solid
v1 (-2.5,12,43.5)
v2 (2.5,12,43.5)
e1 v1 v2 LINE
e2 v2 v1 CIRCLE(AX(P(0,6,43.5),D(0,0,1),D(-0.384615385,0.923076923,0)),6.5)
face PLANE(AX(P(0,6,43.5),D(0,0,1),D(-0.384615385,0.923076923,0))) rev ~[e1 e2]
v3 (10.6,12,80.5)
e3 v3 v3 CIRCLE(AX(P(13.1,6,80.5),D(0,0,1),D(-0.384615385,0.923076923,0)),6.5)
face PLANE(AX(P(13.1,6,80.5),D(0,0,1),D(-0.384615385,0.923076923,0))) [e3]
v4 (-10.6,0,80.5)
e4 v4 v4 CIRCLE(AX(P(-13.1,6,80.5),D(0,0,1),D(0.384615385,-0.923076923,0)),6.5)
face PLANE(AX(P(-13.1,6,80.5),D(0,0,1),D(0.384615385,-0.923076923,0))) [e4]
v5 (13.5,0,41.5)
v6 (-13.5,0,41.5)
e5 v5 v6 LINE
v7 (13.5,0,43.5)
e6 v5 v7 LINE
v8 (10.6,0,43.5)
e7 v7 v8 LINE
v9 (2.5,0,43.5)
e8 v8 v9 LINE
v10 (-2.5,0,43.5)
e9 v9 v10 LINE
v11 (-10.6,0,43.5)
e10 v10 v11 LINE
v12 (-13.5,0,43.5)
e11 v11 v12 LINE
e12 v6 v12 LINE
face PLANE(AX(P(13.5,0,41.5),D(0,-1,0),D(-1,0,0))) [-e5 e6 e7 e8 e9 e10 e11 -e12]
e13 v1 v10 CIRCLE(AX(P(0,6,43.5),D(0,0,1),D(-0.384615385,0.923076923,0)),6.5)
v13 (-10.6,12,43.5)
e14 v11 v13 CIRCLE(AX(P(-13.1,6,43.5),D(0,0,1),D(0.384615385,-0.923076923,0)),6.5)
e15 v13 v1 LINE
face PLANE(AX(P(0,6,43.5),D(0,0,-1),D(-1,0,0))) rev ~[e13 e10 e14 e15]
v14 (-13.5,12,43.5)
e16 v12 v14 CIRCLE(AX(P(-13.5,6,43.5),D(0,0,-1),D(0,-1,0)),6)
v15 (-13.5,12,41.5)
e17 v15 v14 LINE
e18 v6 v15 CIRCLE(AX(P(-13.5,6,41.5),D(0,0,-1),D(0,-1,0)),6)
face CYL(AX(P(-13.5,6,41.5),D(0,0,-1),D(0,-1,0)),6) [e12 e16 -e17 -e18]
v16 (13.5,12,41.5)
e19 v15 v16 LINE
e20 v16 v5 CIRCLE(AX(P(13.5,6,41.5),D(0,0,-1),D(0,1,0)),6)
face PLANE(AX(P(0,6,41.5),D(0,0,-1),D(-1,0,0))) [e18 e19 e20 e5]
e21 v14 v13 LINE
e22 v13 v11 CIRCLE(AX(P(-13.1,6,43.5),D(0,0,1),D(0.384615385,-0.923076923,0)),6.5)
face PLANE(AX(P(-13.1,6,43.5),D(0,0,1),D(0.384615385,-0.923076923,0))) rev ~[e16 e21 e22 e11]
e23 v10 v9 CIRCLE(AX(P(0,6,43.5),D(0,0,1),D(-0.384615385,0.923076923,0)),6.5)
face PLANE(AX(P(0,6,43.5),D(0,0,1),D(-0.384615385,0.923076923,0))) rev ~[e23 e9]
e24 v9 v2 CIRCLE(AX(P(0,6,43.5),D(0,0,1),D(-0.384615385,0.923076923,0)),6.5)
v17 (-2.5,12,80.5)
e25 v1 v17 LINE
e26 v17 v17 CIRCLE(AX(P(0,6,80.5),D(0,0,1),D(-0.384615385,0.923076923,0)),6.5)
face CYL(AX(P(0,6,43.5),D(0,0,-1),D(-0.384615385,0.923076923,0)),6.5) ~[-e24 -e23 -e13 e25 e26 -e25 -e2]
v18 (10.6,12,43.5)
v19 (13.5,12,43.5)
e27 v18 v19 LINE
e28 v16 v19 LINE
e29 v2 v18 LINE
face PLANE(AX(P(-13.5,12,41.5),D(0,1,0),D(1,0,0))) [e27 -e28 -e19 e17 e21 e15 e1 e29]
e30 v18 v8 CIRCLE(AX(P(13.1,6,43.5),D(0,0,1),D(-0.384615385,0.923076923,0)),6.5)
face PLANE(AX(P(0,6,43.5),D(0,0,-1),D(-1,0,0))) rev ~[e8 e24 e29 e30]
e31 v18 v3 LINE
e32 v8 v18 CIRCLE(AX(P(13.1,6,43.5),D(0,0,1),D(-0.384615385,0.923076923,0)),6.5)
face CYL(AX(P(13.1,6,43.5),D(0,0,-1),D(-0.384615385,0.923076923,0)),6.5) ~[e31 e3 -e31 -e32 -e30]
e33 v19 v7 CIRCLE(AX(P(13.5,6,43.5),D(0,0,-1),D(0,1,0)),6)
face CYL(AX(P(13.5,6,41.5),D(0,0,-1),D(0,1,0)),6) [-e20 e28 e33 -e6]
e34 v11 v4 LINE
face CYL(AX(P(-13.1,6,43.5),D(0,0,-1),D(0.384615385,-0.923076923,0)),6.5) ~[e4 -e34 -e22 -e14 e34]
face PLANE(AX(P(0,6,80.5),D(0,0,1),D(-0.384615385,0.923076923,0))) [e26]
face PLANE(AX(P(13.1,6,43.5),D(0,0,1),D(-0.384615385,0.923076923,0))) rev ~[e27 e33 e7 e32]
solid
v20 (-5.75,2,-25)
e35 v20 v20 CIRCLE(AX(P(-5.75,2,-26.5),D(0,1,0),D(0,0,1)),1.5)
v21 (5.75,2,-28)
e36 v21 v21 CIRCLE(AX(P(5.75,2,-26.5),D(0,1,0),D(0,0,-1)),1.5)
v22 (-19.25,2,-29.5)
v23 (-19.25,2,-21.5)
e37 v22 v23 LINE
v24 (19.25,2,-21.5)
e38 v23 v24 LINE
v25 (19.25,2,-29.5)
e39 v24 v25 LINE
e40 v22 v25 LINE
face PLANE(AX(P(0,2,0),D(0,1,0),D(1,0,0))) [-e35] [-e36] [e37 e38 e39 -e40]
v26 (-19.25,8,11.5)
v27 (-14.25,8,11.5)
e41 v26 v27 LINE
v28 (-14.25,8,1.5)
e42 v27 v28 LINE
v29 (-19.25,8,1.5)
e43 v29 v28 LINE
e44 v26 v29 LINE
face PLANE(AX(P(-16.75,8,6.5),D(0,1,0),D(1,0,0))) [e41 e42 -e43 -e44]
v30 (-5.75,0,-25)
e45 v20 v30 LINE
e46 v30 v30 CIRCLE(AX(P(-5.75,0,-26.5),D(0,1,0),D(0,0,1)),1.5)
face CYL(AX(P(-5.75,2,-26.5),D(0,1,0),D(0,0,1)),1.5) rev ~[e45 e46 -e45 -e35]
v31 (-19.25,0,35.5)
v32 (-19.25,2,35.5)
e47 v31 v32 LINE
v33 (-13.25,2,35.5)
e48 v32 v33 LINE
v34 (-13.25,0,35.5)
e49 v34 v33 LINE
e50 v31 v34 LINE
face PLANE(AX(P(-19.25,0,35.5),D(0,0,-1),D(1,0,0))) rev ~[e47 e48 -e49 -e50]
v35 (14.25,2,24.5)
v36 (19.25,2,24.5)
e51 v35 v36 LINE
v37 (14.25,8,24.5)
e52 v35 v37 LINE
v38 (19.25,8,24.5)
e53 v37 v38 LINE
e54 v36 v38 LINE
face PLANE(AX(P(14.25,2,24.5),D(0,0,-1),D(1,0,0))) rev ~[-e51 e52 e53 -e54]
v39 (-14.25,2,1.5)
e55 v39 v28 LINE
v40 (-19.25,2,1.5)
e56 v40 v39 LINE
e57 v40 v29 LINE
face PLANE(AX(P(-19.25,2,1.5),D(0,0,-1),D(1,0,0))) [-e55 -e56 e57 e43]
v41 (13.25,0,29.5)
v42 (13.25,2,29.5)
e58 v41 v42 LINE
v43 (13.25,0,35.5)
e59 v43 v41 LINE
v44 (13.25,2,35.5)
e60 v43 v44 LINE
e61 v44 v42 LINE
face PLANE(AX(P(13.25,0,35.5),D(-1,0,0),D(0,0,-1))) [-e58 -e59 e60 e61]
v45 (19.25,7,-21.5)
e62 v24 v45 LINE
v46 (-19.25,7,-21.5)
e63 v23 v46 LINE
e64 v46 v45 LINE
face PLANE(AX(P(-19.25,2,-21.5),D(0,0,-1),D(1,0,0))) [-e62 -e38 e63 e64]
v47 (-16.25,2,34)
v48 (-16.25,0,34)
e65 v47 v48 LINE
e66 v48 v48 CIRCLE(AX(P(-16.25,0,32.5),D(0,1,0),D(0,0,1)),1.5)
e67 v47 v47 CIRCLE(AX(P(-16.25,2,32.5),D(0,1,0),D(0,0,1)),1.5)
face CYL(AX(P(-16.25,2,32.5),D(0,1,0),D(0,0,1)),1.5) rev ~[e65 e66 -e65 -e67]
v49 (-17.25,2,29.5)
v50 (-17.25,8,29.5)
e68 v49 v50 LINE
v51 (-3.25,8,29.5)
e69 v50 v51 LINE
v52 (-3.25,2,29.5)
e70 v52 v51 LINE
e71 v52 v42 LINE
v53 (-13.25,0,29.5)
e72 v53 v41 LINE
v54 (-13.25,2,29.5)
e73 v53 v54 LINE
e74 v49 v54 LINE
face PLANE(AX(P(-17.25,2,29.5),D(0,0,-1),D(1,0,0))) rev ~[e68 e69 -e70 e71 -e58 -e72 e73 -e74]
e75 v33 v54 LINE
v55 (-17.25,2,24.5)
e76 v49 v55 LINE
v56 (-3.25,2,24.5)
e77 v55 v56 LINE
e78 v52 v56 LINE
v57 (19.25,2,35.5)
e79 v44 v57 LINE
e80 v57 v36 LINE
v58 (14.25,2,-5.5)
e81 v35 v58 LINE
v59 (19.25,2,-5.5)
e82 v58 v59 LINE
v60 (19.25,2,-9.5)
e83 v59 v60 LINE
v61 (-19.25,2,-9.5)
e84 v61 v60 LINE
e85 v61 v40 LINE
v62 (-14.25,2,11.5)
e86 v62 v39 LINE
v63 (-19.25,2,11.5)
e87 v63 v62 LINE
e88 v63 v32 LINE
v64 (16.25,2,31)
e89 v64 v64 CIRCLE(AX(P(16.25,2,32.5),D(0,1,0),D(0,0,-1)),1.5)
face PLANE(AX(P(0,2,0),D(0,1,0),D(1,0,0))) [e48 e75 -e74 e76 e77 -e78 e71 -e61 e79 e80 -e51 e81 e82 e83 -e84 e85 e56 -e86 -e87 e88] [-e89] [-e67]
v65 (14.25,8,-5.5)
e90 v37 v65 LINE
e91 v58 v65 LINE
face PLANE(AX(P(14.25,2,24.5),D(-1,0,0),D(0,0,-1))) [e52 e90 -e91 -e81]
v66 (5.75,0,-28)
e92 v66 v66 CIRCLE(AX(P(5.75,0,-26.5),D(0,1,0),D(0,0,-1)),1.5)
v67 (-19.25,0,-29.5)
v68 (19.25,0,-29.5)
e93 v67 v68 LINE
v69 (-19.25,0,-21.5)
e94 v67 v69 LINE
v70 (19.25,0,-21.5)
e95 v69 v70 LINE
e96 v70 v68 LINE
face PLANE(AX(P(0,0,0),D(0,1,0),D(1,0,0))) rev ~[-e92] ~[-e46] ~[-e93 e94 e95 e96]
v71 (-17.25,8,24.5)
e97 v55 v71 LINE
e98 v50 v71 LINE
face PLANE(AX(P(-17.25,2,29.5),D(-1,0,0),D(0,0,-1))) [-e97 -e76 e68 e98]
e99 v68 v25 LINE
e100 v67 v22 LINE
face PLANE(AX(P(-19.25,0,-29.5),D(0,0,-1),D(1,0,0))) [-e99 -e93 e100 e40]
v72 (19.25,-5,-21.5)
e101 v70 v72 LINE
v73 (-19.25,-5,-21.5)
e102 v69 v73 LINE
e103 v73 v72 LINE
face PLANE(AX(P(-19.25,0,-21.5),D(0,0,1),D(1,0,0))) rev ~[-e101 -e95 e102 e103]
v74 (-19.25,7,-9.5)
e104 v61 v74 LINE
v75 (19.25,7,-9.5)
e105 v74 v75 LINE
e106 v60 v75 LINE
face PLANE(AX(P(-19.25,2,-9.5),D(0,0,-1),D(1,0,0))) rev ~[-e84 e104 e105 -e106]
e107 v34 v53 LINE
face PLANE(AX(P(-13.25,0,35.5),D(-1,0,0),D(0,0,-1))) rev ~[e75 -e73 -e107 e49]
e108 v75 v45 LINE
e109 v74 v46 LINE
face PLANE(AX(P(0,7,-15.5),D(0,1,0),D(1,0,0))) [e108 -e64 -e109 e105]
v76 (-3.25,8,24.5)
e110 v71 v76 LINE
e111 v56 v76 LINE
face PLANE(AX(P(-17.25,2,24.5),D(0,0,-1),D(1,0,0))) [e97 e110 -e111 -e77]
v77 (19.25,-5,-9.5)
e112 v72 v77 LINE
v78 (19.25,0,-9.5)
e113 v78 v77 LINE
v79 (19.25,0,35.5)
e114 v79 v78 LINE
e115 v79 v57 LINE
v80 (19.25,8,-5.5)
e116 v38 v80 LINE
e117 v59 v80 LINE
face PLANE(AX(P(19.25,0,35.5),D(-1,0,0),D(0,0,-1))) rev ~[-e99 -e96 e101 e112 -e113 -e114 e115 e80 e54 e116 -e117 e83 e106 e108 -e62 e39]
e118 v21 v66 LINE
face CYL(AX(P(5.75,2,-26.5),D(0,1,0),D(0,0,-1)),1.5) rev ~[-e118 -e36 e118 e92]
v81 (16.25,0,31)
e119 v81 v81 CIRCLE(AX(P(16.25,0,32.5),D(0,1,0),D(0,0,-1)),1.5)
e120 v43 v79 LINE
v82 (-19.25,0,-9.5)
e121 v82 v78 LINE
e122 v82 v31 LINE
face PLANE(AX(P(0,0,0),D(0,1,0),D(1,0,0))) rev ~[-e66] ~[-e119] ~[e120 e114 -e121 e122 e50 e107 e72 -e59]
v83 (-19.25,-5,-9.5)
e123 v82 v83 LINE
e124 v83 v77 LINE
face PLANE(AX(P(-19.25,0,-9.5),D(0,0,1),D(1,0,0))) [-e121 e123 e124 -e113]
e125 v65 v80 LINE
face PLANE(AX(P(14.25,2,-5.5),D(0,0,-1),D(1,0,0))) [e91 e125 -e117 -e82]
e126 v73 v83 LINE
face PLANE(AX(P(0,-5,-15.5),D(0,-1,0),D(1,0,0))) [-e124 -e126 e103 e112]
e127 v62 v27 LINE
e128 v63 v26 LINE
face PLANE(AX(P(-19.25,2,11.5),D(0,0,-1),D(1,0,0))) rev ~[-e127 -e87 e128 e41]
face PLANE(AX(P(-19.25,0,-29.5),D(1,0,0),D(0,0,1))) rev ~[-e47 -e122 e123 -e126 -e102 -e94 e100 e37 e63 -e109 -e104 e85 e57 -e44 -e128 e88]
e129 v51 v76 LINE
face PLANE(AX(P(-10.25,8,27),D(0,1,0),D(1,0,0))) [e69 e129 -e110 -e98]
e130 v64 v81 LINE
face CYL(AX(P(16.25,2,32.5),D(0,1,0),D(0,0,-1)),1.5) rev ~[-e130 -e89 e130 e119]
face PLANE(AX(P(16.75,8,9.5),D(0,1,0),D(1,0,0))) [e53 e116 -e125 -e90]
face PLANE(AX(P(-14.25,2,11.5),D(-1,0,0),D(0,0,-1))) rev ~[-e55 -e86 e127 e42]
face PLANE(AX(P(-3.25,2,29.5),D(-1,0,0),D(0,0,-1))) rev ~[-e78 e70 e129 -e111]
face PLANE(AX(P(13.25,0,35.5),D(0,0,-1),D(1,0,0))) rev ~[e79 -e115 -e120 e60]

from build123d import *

# Parameters (mm, degrees)
SKETCH_1_W          = 38.5
SKETCH_1_H          = 59
SKETCH_1_W_2        = 6
SKETCH_1_H_2        = 6
EXTRUDE_1_DEPTH     = 2
SKETCH_2_R          = 1.5
CUT_EXTRUDE_1_DEPTH = 41.432814644
SKETCH_3_W          = 5
SKETCH_3_H          = 30
SKETCH_3_H_2        = 10
SKETCH_3_W_2        = 14
SKETCH_3_H_3        = 5
EXTRUDE_2_DEPTH     = 6
SKETCH_4_W          = 38.5
SKETCH_4_H          = 12
EXTRUDE_3_DEPTH     = 5
SKETCH_5_W          = 38.5
SKETCH_5_H          = 12
EXTRUDE_4_DEPTH     = 5
EXTRUDE_5_DEPTH     = 2
SKETCH_7_R          = 6.5
EXTRUDE_7_DEPTH     = 37


with BuildPart() as part:
    # 스케치1 → 보스-돌출1 (new body)
    with BuildSketch(Plane(origin=(0, 0, 0), x_dir=(1, 0, 0), z_dir=(0, 1, 0))):
        Rectangle(SKETCH_1_W, SKETCH_1_H)
        with Locations((-16.25, -32.5)):
            Rectangle(SKETCH_1_W_2, SKETCH_1_H_2)
        with Locations((16.25, -32.5)):
            Rectangle(SKETCH_1_W_2, SKETCH_1_H_2)
    extrude(amount=EXTRUDE_1_DEPTH)

    # 스케치2 → 컷-돌출1 (cut, through all)
    with BuildSketch(Plane(origin=(0, 2, 0), x_dir=(1, 0, 0), z_dir=(0, 1, 0))):
        with Locations(Location((-16.25, -32.5, 0), (0, 0, 270))):
            Circle(SKETCH_2_R)
        with Locations(Location((5.75, 26.5, 0), (0, 0, 90))):
            Circle(SKETCH_2_R)
        with Locations(Location((-5.75, 26.5, 0), (0, 0, 270))):
            Circle(SKETCH_2_R)
        with Locations(Location((16.25, -32.5, 0), (0, 0, 90))):
            Circle(SKETCH_2_R)
    extrude(amount=-CUT_EXTRUDE_1_DEPTH, mode=Mode.SUBTRACT)

    # 스케치3 → 보스-돌출2 (add)
    with BuildSketch(Plane(origin=(0, 2, 0), x_dir=(1, 0, 0), z_dir=(0, 1, 0))):
        with Locations((16.75, -9.5)):
            Rectangle(SKETCH_3_W, SKETCH_3_H)
        with Locations((-16.75, -6.5)):
            Rectangle(SKETCH_3_W, SKETCH_3_H_2)
        with Locations((-10.25, -27)):
            Rectangle(SKETCH_3_W_2, SKETCH_3_H_3)
    extrude(amount=EXTRUDE_2_DEPTH)

    # 스케치4 → 보스-돌출3 (add)
    with BuildSketch(Plane(origin=(0, 2, 0), x_dir=(1, 0, 0), z_dir=(0, 1, 0))):
        with Locations((0, 15.5)):
            Rectangle(SKETCH_4_W, SKETCH_4_H)
    extrude(amount=EXTRUDE_3_DEPTH)

    # 스케치5 → 보스-돌출4 (add)
    with BuildSketch(Plane.XZ):
        with Locations((0, -15.5)):
            Rectangle(SKETCH_5_W, SKETCH_5_H)
    extrude(amount=EXTRUDE_4_DEPTH)


with BuildPart() as body_2:
    # 스케치6 → 보스-돌출5 (new body)
    with BuildSketch(Plane.XY.offset(41.5)):
        with BuildLine():
            Line((-13.5, 12), (13.5, 12))
            ThreePointArc((13.5, 12), (19.5, 6), (13.5, 0))
            Line((13.5, 0), (-13.5, 0))
            ThreePointArc((-13.5, 0), (-19.5, 6), (-13.5, 12))
        make_face()
    extrude(amount=EXTRUDE_5_DEPTH)

    # 스케치7 → 보스-돌출7 (add)
    with BuildSketch(Plane.XY.offset(43.5)):
        with Locations(Location((-13.1, 6, 0), (0, 0, 292.619864948))):
            Circle(SKETCH_7_R)
        with Locations(Location((0, 6, 0), (0, 0, 112.619864948))):
            Circle(SKETCH_7_R)
        with Locations(Location((13.1, 6, 0), (0, 0, 112.619864948))):
            Circle(SKETCH_7_R)
    extrude(amount=EXTRUDE_7_DEPTH)


solid = Compound([part.part, body_2.part])
